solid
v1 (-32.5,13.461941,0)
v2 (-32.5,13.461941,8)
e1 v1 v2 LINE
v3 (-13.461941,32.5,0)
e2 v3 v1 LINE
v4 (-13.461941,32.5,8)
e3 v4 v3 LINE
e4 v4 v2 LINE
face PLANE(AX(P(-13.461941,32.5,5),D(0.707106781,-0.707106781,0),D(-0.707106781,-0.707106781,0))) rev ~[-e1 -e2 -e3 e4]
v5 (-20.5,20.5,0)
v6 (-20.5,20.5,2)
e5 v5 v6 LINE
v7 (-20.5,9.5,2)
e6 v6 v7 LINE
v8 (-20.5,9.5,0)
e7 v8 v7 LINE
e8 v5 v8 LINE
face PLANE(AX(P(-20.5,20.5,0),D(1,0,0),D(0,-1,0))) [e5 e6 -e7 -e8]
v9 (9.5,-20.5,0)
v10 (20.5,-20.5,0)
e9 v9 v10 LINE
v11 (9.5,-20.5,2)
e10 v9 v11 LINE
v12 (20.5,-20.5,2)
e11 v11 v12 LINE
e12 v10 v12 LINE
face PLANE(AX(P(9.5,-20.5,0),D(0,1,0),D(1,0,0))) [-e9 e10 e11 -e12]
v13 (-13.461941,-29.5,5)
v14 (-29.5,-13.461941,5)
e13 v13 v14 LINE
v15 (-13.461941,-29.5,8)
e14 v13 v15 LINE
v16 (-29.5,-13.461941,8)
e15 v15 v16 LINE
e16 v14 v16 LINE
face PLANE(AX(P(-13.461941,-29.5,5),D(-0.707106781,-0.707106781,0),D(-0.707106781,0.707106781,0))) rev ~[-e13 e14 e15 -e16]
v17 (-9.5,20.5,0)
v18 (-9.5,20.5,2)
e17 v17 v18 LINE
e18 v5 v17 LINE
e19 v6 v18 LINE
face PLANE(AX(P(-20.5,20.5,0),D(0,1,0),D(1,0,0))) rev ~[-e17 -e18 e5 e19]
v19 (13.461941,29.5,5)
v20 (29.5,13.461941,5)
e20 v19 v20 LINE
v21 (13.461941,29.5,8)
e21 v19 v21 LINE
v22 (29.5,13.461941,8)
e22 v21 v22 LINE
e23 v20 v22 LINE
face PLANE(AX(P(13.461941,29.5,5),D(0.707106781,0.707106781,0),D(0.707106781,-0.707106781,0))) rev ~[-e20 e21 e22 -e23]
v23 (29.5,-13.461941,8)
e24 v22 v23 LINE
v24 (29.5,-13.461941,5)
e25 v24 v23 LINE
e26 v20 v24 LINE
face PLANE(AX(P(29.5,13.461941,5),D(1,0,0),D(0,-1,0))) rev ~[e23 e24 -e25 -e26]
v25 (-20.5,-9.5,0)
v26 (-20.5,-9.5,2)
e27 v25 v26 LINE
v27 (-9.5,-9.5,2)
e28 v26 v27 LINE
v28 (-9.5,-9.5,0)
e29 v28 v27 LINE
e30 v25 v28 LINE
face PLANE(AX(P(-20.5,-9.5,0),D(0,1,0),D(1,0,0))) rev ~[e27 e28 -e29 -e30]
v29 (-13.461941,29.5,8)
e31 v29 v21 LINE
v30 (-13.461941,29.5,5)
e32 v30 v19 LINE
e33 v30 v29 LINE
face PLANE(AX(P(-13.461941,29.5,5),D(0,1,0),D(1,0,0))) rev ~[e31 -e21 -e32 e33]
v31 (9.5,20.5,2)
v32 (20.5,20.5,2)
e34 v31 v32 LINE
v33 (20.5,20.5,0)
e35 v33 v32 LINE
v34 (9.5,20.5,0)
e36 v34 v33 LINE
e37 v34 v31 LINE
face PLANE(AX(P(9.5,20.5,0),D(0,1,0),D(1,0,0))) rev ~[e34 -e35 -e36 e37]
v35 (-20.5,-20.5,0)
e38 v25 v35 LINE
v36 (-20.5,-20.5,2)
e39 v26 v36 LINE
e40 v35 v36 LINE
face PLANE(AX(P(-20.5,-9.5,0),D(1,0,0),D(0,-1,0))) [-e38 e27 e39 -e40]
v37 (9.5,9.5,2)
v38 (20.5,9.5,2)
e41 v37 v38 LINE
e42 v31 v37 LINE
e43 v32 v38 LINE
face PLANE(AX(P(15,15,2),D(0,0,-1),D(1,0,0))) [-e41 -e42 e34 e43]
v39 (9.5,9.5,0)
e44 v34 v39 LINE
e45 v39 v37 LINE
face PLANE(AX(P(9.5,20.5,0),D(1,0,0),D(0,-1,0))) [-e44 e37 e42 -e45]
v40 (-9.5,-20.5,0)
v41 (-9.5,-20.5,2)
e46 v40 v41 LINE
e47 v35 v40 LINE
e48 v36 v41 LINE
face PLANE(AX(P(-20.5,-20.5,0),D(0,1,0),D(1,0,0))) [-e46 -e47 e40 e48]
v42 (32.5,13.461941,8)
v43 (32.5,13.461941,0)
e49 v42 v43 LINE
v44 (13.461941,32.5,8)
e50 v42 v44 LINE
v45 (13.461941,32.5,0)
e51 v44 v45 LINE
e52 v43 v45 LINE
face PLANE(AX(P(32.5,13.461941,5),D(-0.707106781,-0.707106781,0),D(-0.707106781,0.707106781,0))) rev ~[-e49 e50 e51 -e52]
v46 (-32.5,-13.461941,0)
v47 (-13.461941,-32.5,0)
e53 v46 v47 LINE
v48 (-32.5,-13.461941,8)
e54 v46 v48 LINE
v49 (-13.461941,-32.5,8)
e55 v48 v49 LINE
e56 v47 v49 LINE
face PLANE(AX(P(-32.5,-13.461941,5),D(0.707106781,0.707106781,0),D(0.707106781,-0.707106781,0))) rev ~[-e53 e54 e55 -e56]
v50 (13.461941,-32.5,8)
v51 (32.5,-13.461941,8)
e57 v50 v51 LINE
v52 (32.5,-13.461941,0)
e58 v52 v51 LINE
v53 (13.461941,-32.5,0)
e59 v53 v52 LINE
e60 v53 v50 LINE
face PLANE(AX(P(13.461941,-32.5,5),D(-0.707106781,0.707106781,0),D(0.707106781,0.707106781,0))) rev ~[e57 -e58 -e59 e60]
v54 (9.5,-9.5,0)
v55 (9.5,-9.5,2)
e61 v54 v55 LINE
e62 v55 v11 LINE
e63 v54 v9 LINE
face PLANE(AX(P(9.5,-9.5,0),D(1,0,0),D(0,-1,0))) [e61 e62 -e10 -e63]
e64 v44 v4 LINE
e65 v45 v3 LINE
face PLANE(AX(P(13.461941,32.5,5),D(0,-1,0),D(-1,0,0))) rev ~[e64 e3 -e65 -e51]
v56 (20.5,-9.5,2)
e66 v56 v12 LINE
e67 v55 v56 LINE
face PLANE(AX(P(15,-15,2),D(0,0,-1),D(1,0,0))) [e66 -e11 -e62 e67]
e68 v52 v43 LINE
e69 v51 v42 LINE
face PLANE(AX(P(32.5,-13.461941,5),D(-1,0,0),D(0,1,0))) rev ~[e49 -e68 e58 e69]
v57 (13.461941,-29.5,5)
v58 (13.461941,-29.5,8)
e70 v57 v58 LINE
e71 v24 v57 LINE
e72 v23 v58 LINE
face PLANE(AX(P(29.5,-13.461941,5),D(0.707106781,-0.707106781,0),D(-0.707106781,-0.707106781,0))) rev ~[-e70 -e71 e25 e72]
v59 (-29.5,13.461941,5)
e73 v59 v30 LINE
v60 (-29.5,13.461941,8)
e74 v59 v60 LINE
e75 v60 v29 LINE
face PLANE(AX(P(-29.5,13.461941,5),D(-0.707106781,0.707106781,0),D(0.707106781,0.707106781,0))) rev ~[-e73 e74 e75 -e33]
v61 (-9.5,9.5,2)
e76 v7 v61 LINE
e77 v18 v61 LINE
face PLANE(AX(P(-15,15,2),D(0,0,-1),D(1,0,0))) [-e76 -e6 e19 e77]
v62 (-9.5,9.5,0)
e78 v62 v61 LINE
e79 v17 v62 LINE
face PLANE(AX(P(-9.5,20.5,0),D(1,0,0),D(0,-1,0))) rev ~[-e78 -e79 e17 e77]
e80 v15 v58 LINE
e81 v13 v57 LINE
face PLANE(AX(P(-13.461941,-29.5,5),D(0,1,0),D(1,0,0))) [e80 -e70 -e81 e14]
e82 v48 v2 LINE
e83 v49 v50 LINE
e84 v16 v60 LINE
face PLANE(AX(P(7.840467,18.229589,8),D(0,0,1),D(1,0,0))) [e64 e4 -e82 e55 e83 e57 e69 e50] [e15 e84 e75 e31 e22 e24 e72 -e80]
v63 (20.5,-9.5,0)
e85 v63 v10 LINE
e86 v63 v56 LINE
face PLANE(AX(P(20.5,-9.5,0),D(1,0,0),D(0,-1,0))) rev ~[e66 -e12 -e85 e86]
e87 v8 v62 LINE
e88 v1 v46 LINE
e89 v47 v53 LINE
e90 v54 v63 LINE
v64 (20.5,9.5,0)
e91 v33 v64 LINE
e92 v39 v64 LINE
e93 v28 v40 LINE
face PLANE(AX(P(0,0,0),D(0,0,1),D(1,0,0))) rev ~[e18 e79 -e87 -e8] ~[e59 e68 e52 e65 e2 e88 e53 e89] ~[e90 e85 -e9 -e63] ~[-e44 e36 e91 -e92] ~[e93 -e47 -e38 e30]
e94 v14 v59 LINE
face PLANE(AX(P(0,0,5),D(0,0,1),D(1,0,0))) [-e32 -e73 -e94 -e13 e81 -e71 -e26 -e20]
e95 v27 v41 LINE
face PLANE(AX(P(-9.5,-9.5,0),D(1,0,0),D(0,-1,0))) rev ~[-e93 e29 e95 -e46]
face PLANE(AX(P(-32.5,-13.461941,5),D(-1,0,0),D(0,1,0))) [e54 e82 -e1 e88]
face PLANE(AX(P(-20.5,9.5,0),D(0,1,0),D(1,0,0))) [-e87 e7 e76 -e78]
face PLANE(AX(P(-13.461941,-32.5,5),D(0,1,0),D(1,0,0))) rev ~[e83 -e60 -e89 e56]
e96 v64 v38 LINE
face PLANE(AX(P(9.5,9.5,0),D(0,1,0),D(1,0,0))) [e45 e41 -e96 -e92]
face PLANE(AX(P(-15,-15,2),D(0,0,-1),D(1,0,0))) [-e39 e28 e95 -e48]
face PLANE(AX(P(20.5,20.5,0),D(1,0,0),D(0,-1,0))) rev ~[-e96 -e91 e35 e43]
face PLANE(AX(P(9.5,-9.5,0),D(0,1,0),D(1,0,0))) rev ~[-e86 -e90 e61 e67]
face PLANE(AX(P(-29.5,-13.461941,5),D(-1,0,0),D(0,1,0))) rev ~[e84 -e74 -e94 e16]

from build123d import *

# Parameters (mm, degrees)
F1_DEPTH = 5
F2_W     = 3
F2_H     = 26.923882
F2_W_2   = 26.923882
F2_H_2   = 3
F3_DEPTH = 3
F4_W     = 11
F4_H     = 11
F5_DEPTH = 2


with BuildPart() as f1:
    # F0 (on Top) → F1 (new body)
    with BuildSketch(Plane.XY):
        Polygon((-13.461941, -32.5), (13.461941, -32.5), (32.5, -13.461941), (32.5, 13.461941), (13.461941, 32.5), (-13.461941, 32.5), (-32.5, 13.461941), (-32.5, -13.461941), align=None)
    extrude(amount=F1_DEPTH)

    # F2 (on face) → F3 (join)
    with BuildSketch(Plane.XY.offset(5)):
        Polygon((-13.461941, 32.5), (-32.5, 13.461941), (-29.5, 13.461941), (-13.461941, 29.5), (13.461941, 29.5), (29.5, 13.461941), (29.5, -13.461941), (32.5, -13.461941), (32.5, 13.461941), (13.461941, 32.5), align=None)
        with Locations((-31, 0)):
            Rectangle(F2_W, F2_H)
        Polygon((-29.5, -13.461941), (-32.5, -13.461941), (-13.461941, -32.5), (-13.461941, -29.5), align=None)
        with Locations((0, -31)):
            Rectangle(F2_W_2, F2_H_2)
        Polygon((13.461941, -29.5), (13.461941, -32.5), (32.5, -13.461941), (29.5, -13.461941), align=None)
    extrude(amount=F3_DEPTH)

    # F4 (on face) → F5 (cut)
    with BuildSketch(Plane(origin=(0, 0, 0), x_dir=(1, 0, 0), z_dir=(0, 0, -1))):
        with Locations((-15, 15)):
            Rectangle(F4_W, F4_H)
        with Locations((15, 15)):
            Rectangle(F4_W, F4_H)
        with Locations((15, -15)):
            Rectangle(F4_W, F4_H)
        with Locations((-15, -15)):
            Rectangle(F4_W, F4_H)
    extrude(amount=-F5_DEPTH, mode=Mode.SUBTRACT)


solid = f1.part
